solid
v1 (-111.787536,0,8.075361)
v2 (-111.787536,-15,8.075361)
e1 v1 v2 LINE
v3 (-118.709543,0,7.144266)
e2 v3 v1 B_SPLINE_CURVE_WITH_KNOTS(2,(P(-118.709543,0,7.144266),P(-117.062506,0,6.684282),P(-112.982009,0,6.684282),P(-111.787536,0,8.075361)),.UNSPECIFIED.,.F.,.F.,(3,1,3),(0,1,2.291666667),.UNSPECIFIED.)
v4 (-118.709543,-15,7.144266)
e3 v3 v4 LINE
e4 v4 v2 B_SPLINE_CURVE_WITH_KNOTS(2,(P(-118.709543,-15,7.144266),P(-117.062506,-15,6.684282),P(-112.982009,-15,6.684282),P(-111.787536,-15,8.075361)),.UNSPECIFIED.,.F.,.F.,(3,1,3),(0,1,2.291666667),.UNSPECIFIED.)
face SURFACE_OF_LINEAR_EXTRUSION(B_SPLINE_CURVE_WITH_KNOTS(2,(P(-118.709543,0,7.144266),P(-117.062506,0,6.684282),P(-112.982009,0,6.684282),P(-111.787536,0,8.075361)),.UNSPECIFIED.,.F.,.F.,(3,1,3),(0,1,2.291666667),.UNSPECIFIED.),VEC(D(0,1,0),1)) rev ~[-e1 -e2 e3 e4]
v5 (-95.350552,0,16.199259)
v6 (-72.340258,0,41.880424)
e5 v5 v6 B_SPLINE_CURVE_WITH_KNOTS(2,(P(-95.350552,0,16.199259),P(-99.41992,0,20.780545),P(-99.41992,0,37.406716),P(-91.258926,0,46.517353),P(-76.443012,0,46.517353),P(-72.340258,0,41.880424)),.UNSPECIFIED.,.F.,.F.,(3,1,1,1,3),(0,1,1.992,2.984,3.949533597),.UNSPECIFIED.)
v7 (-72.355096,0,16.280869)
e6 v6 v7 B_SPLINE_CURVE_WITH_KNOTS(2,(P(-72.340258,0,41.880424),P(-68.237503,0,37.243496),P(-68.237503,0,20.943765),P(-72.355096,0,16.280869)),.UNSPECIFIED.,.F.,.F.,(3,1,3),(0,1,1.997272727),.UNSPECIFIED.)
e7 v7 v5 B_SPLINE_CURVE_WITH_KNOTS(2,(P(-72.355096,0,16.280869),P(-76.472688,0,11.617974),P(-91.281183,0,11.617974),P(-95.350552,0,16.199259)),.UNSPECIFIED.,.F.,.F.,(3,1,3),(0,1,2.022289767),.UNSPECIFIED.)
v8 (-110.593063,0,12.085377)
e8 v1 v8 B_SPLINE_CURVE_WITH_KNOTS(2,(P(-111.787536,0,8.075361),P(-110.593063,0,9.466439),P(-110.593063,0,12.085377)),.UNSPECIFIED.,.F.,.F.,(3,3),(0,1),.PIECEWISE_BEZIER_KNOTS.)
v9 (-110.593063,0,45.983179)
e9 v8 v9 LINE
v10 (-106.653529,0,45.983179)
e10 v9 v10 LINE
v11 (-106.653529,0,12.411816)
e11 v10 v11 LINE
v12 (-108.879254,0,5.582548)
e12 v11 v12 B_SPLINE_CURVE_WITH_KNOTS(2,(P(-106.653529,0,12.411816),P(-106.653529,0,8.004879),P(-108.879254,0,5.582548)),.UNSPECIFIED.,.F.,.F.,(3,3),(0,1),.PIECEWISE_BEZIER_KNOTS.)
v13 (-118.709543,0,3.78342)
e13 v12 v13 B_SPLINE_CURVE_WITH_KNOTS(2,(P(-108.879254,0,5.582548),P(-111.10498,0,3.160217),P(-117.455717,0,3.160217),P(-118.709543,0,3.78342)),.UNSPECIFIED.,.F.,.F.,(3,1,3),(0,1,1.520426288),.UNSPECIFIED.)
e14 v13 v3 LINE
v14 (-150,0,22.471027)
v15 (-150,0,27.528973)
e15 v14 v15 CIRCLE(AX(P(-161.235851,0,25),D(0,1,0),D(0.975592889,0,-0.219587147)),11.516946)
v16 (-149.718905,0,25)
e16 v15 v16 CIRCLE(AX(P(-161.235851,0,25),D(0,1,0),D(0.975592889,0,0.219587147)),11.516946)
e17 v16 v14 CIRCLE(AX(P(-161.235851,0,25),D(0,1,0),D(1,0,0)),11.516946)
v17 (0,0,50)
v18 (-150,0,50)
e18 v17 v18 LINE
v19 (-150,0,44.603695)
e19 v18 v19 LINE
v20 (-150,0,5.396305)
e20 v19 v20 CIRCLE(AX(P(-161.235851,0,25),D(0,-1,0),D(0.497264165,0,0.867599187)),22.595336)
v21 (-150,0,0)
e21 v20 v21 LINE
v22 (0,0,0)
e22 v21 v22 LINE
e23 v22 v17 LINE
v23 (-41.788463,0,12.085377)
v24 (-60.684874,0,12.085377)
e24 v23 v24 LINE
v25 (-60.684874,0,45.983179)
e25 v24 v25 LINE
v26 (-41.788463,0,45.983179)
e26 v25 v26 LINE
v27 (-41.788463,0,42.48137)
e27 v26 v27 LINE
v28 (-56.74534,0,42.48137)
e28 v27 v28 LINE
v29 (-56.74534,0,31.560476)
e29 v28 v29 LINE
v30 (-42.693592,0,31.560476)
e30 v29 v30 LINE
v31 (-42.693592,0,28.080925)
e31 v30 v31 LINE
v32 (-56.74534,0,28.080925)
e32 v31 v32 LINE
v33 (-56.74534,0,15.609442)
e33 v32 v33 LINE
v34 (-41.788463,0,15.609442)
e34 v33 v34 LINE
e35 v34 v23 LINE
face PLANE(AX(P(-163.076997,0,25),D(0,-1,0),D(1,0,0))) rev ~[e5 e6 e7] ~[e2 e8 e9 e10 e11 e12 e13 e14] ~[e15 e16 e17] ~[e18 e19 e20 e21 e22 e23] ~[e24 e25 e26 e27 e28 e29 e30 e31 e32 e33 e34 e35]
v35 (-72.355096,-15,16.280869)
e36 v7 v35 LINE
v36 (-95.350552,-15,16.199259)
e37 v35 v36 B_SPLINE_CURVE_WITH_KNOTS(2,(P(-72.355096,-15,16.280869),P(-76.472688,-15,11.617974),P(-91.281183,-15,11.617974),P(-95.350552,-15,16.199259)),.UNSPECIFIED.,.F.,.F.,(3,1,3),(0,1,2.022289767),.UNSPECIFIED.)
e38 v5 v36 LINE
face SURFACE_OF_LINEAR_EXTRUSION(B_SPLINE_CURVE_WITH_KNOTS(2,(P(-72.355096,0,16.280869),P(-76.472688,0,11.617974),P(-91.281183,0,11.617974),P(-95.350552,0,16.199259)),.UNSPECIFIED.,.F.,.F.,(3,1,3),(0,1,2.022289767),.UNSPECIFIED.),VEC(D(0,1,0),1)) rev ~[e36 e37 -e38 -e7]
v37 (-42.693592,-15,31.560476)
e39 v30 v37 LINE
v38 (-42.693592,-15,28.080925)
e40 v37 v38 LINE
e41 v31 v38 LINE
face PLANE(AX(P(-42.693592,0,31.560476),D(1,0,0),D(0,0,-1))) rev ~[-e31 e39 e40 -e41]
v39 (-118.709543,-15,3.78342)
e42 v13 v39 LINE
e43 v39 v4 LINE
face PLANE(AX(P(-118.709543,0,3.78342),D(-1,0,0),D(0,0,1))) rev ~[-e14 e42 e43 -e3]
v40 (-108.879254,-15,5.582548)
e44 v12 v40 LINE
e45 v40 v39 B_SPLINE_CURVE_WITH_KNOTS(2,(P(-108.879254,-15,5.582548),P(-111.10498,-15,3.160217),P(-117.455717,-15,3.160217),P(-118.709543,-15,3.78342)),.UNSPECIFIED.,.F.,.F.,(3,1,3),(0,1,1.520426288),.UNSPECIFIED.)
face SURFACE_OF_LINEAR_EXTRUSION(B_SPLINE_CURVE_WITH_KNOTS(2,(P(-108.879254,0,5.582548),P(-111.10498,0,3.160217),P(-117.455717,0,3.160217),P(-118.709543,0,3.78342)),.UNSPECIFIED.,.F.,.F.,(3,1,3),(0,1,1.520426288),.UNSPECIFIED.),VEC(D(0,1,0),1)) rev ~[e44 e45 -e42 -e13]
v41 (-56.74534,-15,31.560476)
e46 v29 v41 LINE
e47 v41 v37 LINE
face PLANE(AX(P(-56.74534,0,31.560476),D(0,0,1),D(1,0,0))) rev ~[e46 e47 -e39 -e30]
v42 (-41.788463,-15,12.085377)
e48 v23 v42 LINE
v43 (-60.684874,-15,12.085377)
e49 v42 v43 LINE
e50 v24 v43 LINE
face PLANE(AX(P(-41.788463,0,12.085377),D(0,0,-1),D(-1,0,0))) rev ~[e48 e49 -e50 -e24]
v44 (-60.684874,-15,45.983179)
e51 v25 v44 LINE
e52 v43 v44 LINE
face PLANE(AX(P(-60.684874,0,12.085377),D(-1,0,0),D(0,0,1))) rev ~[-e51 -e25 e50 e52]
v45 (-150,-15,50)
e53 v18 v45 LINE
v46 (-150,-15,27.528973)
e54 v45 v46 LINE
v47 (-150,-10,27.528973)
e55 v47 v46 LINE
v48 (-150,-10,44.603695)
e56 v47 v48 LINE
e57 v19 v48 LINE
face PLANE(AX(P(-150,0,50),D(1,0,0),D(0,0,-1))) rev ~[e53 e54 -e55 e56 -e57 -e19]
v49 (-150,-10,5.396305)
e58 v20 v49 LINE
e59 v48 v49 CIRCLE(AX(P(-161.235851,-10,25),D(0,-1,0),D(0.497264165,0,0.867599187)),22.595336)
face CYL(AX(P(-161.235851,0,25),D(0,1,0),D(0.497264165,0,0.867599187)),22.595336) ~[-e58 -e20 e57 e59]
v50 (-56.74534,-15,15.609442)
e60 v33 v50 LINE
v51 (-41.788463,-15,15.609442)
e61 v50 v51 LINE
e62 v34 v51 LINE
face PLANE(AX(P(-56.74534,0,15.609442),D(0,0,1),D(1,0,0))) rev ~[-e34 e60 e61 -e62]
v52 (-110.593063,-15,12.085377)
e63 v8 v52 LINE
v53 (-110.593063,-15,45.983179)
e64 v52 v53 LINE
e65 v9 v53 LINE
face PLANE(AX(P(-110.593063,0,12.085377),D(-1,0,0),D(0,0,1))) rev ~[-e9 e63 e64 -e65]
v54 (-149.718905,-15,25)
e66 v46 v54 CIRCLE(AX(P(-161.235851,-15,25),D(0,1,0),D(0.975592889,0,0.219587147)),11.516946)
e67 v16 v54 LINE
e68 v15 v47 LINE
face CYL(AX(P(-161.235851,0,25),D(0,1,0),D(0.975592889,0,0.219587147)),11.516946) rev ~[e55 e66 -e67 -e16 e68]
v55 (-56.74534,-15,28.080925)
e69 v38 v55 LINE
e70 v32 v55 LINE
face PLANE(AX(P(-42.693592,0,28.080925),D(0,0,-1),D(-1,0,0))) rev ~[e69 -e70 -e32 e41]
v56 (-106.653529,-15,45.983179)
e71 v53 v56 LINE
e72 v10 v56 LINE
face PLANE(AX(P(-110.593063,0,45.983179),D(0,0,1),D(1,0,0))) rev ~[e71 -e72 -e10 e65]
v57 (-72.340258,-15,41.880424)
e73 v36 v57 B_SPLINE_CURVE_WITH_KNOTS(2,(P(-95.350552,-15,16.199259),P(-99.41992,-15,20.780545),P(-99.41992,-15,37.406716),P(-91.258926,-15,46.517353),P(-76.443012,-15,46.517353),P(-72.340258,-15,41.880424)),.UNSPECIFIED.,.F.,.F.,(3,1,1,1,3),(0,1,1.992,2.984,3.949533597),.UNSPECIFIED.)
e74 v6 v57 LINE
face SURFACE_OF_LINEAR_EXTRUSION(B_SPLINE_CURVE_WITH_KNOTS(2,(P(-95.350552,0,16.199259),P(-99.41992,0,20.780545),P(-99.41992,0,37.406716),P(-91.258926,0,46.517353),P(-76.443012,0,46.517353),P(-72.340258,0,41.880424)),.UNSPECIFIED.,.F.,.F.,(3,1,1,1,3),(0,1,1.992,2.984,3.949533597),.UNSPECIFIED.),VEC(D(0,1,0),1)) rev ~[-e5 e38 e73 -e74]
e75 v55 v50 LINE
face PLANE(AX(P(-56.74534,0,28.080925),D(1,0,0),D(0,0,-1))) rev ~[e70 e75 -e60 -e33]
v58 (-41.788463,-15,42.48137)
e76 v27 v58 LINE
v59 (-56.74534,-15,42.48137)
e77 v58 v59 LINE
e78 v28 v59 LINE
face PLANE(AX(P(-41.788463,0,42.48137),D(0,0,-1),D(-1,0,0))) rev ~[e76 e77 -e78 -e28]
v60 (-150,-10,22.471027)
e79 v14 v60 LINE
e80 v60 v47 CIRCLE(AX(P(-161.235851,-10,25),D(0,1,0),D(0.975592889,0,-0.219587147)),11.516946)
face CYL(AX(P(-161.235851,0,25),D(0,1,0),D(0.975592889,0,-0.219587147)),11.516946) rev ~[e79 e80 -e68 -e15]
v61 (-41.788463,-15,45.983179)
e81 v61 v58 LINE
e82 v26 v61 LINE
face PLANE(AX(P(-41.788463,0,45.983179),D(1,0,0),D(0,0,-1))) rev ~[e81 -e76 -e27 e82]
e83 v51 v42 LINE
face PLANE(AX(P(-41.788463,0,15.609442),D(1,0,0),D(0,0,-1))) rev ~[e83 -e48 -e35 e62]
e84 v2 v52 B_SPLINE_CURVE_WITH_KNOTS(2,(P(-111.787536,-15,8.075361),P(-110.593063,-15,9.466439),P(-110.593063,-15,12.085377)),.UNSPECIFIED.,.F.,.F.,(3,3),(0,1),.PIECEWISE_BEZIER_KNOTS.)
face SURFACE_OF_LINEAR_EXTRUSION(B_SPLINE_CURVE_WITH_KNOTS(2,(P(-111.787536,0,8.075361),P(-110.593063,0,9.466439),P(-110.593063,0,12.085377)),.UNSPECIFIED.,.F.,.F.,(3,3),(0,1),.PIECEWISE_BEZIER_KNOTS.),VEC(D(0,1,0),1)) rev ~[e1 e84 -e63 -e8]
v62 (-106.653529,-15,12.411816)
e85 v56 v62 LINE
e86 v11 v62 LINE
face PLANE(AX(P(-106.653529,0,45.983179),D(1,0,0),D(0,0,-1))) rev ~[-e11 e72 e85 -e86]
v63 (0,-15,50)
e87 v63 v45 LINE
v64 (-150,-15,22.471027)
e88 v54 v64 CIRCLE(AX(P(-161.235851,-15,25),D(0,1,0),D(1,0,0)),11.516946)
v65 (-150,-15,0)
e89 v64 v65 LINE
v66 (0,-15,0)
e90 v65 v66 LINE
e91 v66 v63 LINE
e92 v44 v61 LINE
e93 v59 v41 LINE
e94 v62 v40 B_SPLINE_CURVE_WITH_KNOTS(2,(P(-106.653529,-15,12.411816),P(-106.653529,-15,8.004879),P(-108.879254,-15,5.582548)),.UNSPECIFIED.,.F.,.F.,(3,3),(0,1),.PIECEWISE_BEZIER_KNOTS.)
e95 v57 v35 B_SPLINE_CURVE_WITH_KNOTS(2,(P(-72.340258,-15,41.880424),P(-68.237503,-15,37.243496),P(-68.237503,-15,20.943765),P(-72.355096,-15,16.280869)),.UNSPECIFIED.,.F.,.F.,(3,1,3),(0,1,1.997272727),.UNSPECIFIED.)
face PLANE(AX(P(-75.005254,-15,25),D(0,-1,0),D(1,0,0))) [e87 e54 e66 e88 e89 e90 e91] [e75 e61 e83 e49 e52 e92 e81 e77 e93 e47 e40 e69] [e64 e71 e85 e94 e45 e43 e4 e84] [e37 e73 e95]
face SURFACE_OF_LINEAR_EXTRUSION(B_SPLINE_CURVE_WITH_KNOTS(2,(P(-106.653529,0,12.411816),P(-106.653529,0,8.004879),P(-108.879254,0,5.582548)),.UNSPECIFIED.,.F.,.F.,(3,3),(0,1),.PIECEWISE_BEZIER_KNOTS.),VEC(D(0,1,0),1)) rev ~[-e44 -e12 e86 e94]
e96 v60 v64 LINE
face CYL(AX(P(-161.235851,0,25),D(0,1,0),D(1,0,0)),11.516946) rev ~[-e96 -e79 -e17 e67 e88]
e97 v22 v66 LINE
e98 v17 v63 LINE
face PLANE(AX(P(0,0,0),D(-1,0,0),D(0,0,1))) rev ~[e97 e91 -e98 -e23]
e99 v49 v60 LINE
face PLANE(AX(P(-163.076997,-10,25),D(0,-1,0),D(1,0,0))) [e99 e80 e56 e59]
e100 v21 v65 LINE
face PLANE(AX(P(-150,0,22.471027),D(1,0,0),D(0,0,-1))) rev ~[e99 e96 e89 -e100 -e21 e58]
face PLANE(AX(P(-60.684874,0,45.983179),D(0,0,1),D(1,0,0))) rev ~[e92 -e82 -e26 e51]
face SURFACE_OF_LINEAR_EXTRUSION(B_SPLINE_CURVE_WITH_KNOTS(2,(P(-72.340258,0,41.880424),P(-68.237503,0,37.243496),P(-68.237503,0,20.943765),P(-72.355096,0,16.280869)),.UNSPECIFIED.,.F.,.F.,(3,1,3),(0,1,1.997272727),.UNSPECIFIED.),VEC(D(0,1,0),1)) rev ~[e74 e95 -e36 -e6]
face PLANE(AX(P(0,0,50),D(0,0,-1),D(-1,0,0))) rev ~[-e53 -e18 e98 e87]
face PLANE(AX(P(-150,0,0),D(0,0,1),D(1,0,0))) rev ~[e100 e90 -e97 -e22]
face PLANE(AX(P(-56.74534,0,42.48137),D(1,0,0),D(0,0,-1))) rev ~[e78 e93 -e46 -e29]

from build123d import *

# Parameters (mm, degrees)
F1_DEPTH = 15
F2_DEPTH = 10


with BuildPart() as f1:
    # F0 (on Front) → F1 (new body)
    with BuildSketch(Plane.XZ):
        with BuildLine():
            Line((-150, 0), (0, 0))
            Line((0, 0), (0, 50))
            Line((0, 50), (-150, 50))
            Line((-150, 50), (-150, 44.6036947758))
            Line((-150, 44.6036947758), (-150, 27.5289733242))
            ThreePointArc((-150, 27.5289733242), (-149.78939418, 26.2722736231), (-149.7189046187, 25))
            ThreePointArc((-149.7189046187, 25), (-149.78939418, 23.7277263769), (-150, 22.4710266758))
            Line((-150, 22.4710266758), (-150, 5.3963052242))
            Line((-150, 5.3963052242), (-150, 0))
        make_face()
        with BuildLine():
            add(Edge.make_bspline(
                [(-108.8792543819, 5.5825479955), (-111.1049800612, 3.1602165479), (-115.2819252527, 3.1602165479)],
                knots=[0, 0, 0, 1, 1, 1], degree=2))
            add(Edge.make_bspline(
                [(-115.2819252527, 3.1602165479), (-117.4557173328, 3.1602165479), (-118.7095427989, 3.7834197381)],
                knots=[0, 0, 0, 1, 1, 1], degree=2))
            Line((-118.7095427989, 3.7834197381), (-118.7095427989, 7.1442655139))
            add(Edge.make_bspline(
                [(-118.7095427989, 7.1442655139), (-117.0625057962, 6.6842822068), (-115.2819252527, 6.6842822068)],
                knots=[0, 0, 0, 1, 1, 1], degree=2))
            add(Edge.make_bspline(
                [(-115.2819252527, 6.6842822068), (-112.9820087174, 6.6842822068), (-111.7875359362, 8.0753607564)],
                knots=[0, 0, 0, 1, 1, 1], degree=2))
            add(Edge.make_bspline(
                [(-111.7875359362, 8.0753607564), (-110.593063155, 9.4664393059), (-110.593063155, 12.0853765219)],
                knots=[0, 0, 0, 1, 1, 1], degree=2))
            Line((-110.593063155, 12.0853765219), (-110.593063155, 45.9831786178))
            Line((-110.593063155, 45.9831786178), (-106.6535287026, 45.9831786178))
            Line((-106.6535287026, 45.9831786178), (-106.6535287026, 12.4118162882))
            add(Edge.make_bspline(
                [(-106.6535287026, 12.4118162882), (-106.6535287026, 8.0048794432), (-108.8792543819, 5.5825479955)],
                knots=[0, 0, 0, 1, 1, 1], degree=2))
        make_face(mode=Mode.SUBTRACT)
        with BuildLine():
            add(Edge.make_bspline(
                [(-72.3402578132, 41.8804242823), (-68.2375034777, 37.2434957837), (-68.2375034777, 29.0825016263)],
                knots=[0, 0, 0, 1, 1, 1], degree=2))
            add(Edge.make_bspline(
                [(-68.2375034777, 29.0825016263), (-68.2375034777, 20.9437647256), (-72.3550959844, 16.2808694274)],
                knots=[0, 0, 0, 1, 1, 1], degree=2))
            add(Edge.make_bspline(
                [(-72.3550959844, 16.2808694274), (-76.4726884911, 11.6179741293), (-83.7953259761, 11.6179741293)],
                knots=[0, 0, 0, 1, 1, 1], degree=2))
            add(Edge.make_bspline(
                [(-83.7953259761, 11.6179741293), (-91.2811833442, 11.6179741293), (-95.3505517945, 16.1992594859)],
                knots=[0, 0, 0, 1, 1, 1], degree=2))
            add(Edge.make_bspline(
                [(-95.3505517945, 16.1992594859), (-99.4199202448, 20.7805448424), (-99.4199202448, 29.1270161398)],
                knots=[0, 0, 0, 1, 1, 1], degree=2))
            add(Edge.make_bspline(
                [(-99.4199202448, 29.1270161398), (-99.4199202448, 37.4067156669), (-95.3394231661, 41.9620342239)],
                knots=[0, 0, 0, 1, 1, 1], degree=2))
            add(Edge.make_bspline(
                [(-95.3394231661, 41.9620342239), (-91.2589260874, 46.5173527809), (-83.7508114625, 46.5173527809)],
                knots=[0, 0, 0, 1, 1, 1], degree=2))
            add(Edge.make_bspline(
                [(-83.7508114625, 46.5173527809), (-76.4430121488, 46.5173527809), (-72.3402578132, 41.8804242823)],
                knots=[0, 0, 0, 1, 1, 1], degree=2))
        make_face(mode=Mode.SUBTRACT)
        Polygon((-41.7884633219, 15.6094421808), (-41.7884633219, 12.0853765219), (-60.6848743392, 12.0853765219), (-60.6848743392, 45.9831786178), (-41.7884633219, 45.9831786178), (-41.7884633219, 42.4813702157), (-56.7453398869, 42.4813702157), (-56.7453398869, 31.5604762159), (-42.6935917648, 31.5604762159), (-42.6935917648, 28.0809250706), (-56.7453398869, 28.0809250706), (-56.7453398869, 15.6094421808), align=None, mode=Mode.SUBTRACT)
    extrude(amount=F1_DEPTH)

    # F0 (on Front) → F2 (join)
    with BuildSketch(Plane.XZ):
        with BuildLine():
            ThreePointArc((-150, 44.6036947758), (-183.8311862448, 25), (-150, 5.3963052242))
            Line((-150, 5.3963052242), (-150, 22.4710266758))
            ThreePointArc((-150, 22.4710266758), (-172.7527967389, 25), (-150, 27.5289733242))
            Line((-150, 27.5289733242), (-150, 44.6036947758))
        make_face()
    extrude(amount=F2_DEPTH)


solid = f1.part
